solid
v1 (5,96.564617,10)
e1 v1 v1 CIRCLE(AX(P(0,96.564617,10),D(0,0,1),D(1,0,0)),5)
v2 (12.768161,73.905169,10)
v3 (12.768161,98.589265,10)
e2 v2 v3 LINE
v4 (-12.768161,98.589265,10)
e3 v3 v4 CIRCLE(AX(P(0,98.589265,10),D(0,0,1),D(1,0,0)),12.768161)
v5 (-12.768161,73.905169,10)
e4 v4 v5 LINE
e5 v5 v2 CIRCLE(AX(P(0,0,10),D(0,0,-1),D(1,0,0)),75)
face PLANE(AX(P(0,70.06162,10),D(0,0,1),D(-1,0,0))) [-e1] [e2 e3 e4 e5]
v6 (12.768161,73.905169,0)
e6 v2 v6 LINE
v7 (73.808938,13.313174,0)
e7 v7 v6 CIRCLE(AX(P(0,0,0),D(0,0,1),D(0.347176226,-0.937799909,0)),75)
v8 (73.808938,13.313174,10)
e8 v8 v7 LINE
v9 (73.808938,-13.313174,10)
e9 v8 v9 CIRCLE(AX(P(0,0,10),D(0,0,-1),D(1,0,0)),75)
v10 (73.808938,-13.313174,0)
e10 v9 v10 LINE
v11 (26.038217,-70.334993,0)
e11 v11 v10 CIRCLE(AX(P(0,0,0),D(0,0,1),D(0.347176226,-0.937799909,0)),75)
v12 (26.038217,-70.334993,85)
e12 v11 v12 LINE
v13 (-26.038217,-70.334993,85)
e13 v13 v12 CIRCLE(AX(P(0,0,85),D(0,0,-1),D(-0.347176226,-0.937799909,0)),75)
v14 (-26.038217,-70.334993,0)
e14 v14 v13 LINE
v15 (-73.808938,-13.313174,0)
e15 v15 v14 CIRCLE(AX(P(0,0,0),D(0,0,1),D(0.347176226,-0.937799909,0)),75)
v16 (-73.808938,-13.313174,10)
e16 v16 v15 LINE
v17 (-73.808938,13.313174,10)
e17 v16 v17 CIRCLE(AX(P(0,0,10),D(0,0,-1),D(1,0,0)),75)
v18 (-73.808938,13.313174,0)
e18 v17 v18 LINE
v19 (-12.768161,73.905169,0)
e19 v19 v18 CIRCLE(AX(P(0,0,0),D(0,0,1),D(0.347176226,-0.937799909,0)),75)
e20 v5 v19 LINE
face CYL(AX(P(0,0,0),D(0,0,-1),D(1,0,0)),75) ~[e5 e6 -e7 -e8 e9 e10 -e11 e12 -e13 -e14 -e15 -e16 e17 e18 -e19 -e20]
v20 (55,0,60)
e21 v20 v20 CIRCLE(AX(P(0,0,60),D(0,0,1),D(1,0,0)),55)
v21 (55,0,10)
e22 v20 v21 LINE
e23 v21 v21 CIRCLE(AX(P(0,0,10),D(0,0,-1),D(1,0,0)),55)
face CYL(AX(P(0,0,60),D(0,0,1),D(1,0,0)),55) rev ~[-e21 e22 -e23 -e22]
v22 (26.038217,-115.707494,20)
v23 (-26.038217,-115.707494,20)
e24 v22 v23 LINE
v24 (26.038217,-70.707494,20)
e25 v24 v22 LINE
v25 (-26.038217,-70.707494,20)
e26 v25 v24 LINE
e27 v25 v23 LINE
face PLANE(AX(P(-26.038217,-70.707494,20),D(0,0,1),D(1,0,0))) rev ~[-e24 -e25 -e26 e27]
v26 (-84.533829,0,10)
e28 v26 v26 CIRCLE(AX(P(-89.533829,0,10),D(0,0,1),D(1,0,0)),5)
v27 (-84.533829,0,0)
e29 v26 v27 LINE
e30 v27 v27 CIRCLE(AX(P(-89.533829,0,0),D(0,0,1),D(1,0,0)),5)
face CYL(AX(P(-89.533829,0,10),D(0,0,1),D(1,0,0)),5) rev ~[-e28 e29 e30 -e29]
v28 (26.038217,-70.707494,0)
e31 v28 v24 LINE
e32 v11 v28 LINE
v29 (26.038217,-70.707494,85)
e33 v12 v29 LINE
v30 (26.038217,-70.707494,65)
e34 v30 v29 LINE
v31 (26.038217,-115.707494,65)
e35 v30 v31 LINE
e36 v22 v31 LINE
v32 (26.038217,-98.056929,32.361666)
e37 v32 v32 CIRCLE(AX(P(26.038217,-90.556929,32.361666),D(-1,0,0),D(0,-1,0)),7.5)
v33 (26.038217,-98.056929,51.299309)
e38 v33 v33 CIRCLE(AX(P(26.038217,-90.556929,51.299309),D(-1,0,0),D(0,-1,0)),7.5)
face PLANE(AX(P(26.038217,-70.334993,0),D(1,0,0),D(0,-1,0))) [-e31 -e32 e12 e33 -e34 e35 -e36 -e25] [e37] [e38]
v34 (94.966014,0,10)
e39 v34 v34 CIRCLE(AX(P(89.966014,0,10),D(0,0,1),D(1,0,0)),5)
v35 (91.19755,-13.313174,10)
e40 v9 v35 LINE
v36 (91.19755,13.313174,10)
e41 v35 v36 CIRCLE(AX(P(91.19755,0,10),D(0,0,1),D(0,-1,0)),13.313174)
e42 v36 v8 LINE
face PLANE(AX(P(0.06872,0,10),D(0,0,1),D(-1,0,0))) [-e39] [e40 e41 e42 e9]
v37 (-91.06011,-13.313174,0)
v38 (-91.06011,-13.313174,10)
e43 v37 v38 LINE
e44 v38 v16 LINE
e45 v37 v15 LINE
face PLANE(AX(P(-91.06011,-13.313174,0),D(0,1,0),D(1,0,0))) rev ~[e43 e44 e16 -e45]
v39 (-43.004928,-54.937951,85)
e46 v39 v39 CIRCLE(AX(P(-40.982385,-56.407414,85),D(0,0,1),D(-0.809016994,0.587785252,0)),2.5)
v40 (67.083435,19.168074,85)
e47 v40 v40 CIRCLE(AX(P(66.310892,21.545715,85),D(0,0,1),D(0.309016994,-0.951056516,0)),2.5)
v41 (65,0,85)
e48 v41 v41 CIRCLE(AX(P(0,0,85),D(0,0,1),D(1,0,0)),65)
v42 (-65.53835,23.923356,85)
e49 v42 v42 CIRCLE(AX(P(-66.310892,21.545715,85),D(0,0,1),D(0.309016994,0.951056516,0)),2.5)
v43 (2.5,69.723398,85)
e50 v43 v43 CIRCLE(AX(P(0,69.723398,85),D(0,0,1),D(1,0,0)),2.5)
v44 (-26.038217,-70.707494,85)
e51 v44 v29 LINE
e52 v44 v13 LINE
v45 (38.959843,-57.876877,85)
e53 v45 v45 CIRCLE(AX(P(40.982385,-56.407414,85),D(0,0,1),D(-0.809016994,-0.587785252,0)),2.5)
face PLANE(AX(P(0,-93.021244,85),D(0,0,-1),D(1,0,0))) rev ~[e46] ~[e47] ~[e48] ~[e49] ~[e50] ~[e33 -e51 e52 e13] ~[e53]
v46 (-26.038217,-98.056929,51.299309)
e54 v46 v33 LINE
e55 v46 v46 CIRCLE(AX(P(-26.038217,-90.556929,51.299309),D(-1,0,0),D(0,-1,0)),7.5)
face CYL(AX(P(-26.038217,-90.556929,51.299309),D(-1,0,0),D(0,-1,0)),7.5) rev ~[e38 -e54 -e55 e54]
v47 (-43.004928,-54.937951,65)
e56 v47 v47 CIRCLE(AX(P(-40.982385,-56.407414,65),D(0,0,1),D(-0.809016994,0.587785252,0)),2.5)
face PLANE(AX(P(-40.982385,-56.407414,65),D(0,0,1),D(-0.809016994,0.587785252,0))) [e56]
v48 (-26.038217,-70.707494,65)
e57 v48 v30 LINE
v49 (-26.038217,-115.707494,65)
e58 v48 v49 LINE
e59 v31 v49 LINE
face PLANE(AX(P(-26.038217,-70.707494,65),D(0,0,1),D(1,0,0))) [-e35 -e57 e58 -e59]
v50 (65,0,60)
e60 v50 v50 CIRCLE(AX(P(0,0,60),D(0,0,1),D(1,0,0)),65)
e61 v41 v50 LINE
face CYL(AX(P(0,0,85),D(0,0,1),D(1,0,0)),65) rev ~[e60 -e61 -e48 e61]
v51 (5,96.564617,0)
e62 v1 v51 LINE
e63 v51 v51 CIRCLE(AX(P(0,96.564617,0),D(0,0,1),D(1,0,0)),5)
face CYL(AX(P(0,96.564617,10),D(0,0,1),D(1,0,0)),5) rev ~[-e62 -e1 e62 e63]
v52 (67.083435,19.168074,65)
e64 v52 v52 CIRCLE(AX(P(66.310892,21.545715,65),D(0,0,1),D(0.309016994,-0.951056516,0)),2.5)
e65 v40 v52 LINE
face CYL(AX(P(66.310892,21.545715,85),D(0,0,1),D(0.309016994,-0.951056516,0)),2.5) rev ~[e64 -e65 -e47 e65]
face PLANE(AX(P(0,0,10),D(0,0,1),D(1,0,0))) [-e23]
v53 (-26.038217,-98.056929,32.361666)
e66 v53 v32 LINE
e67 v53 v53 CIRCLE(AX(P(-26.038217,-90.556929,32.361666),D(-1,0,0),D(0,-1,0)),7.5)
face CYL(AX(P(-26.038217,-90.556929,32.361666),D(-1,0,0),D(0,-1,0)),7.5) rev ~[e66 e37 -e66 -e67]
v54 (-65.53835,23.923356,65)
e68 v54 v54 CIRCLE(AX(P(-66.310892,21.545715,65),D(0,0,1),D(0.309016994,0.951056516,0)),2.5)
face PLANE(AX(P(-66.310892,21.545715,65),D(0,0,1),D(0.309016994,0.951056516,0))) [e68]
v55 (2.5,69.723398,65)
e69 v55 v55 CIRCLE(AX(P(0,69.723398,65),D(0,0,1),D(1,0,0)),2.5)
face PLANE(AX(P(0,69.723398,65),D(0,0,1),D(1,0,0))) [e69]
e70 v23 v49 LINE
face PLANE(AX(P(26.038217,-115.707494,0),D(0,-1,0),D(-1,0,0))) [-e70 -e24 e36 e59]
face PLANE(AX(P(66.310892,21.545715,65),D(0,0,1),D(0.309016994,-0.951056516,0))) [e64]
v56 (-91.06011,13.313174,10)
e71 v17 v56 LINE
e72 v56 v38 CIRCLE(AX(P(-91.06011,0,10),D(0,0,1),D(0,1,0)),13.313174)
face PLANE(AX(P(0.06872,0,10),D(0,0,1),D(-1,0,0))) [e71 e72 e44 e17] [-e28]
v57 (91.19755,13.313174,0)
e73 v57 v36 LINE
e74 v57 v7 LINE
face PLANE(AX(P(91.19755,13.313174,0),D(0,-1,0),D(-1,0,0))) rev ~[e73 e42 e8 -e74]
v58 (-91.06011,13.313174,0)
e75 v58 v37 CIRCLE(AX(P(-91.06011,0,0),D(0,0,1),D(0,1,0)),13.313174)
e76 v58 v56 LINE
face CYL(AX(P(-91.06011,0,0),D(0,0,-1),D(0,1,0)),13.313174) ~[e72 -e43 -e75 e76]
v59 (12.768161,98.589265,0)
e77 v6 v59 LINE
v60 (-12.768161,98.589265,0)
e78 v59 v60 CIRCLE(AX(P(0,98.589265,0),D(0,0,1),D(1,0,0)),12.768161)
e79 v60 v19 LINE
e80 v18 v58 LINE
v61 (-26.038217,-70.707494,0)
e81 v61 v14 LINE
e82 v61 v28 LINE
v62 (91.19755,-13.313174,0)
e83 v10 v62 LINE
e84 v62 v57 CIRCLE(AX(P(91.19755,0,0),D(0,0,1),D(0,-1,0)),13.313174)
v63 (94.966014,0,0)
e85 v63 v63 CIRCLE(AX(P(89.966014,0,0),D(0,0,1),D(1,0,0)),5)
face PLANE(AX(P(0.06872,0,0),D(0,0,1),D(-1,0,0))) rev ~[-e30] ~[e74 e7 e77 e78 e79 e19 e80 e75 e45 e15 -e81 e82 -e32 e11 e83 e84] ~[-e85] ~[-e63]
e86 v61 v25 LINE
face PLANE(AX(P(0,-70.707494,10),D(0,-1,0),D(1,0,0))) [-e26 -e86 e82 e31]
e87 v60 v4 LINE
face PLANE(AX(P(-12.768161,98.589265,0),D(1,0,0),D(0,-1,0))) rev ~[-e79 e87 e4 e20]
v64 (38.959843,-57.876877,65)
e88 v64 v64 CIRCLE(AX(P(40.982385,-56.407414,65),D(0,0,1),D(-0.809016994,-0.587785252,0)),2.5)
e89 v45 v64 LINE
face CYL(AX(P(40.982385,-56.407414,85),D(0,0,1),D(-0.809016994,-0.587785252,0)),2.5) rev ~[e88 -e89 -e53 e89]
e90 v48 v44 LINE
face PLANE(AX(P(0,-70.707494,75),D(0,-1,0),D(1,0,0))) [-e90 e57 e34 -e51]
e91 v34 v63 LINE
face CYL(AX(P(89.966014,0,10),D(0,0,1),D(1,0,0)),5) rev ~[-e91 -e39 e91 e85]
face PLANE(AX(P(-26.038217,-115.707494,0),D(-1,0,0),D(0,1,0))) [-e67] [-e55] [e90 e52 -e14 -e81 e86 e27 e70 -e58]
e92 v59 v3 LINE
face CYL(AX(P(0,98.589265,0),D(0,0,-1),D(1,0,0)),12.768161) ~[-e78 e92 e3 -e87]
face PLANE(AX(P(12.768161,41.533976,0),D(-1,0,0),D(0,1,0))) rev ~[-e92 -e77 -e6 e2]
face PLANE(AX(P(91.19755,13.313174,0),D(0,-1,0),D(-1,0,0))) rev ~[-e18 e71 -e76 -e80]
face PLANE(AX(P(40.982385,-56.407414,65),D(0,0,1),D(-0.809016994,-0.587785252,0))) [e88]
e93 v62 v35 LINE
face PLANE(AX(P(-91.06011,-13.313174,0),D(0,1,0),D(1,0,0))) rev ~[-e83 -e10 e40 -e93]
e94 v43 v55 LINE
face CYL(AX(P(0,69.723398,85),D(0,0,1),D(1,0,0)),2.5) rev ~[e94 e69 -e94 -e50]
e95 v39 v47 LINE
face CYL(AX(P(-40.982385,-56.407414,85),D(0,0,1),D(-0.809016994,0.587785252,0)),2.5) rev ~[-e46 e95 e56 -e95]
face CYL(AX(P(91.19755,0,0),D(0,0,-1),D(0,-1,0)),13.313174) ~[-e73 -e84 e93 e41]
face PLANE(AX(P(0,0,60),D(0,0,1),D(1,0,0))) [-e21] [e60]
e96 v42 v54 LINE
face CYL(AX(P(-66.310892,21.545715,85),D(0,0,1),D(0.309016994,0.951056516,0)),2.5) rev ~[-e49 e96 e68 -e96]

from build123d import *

# Parameters (mm, degrees)
SKETCH2_R               = 75
BOSS_EXTRUDE1_DEPTH     = 85
SKETCH4_R               = 65
CUT_EXTRUDE2_DEPTH      = 25
SKETCH5_R               = 55
CUT_EXTRUDE3_DEPTH      = 50
SKETCH7_R               = 2.5
CUT_EXTRUDE4_DEPTH      = 20
CIRPATTERN1_COUNT       = 5
BOSS_EXTRUDE2_DEPTH     = 85
CUT_EXTRUDE9_DEPTH      = 222.85434026
CUT_EXTRUDE9_DEPTH_BACK = 45
SKETCH29_W              = 52.076433836
SKETCH29_H              = 20
SKETCH23_R              = 7.5
CUT_EXTRUDE8_DEPTH      = 176.561799548
BOSS_EXTRUDE4_DEPTH     = 10
BOSS_EXTRUDE5_DEPTH     = 10
SKETCH32_R              = 5
CUT_EXTRUDE10_DEPTH     = 10


with BuildPart() as part:
    # Sketch2 → Boss-Extrude1 (new body)
    with BuildSketch(Plane(origin=(0, 0, 0), x_dir=(0, 1, 0), z_dir=(0, 0, 1))):
        with Locations(Location((0, 0, 0), (0, 0, 270))):
            Circle(SKETCH2_R)
    extrude(amount=BOSS_EXTRUDE1_DEPTH)

    # Sketch4 → Cut-Extrude2 (cut)
    with BuildSketch(Plane.XY.offset(85)):
        Circle(SKETCH4_R)
    extrude(amount=-CUT_EXTRUDE2_DEPTH, mode=Mode.SUBTRACT)

    # Sketch5 → Cut-Extrude3 (cut)
    with BuildSketch(Plane.XY.offset(60)):
        Circle(SKETCH5_R)
    extrude(amount=-CUT_EXTRUDE3_DEPTH, mode=Mode.SUBTRACT)

    # Sketch7 → Cut-Extrude4 (cut)
    with BuildSketch(Plane.XY.offset(85)):
        with Locations((0, 69.72339814)):
            Circle(SKETCH7_R)
    cut_extrude4 = extrude(amount=-CUT_EXTRUDE4_DEPTH, mode=Mode.SUBTRACT)

    # CirPattern1: Cut-Extrude4 ×5 about axis
    cirpattern1_axis = Axis((0, 0, 0), (0, 0, 1))
    for i in range(1, CIRPATTERN1_COUNT):
        add(cut_extrude4.rotate(cirpattern1_axis, i * 360 / CIRPATTERN1_COUNT), mode=Mode.SUBTRACT)

    # Sketch15 → Boss-Extrude2 (add)
    with BuildSketch(Plane(origin=(0, 0, 0), x_dir=(1, 0, 0), z_dir=(0, 0, -1))):
        Polygon((0, 70.334993138), (26.038216918, 70.334993138), (26.038216918, 115.707494064), (-26.038216918, 115.707494064), (-26.038216918, 70.334993138), align=None)
    extrude(amount=-BOSS_EXTRUDE2_DEPTH)

    # Sketch29 → Cut-Extrude9 (cut, two sides: drawn at the far end of the back side and taken through both)
    with BuildSketch(Plane.XZ.offset(115.707494064).offset(-CUT_EXTRUDE9_DEPTH_BACK)):
        with Locations((0, 75)):
            Rectangle(SKETCH29_W, SKETCH29_H)
        with Locations((0, 10)):
            Rectangle(SKETCH29_W, SKETCH29_H)
    extrude(amount=CUT_EXTRUDE9_DEPTH + CUT_EXTRUDE9_DEPTH_BACK, mode=Mode.SUBTRACT)

    # Sketch23 → Cut-Extrude8 (cut, through all)
    with BuildSketch(Plane(origin=(-26.038216918, 0, 0), x_dir=(0, -1, 0), z_dir=(-1, 0, 0))):
        with Locations((90.556929386, 51.29930896)):
            Circle(SKETCH23_R)
        with Locations((90.556929386, 32.361665764)):
            Circle(SKETCH23_R)
    extrude(amount=-CUT_EXTRUDE8_DEPTH, mode=Mode.SUBTRACT)

    # Sketch30 → Boss-Extrude4 (add)
    with BuildSketch(Plane(origin=(0, 0, 0), x_dir=(1, 0, 0), z_dir=(0, 0, -1))):
        with BuildLine():
            Line((-91.060110116, 13.313174206), (91.197550371, 13.313174206))
            ThreePointArc((91.197550371, 13.313174206), (104.510724577, 0), (91.197550371, -13.313174206))
            Line((91.197550371, -13.313174206), (-91.060110116, -13.313174206))
            ThreePointArc((-91.060110116, -13.313174206), (-104.373284322, 0), (-91.060110116, 13.313174206))
        make_face()
    extrude(amount=-BOSS_EXTRUDE4_DEPTH)

    # Sketch31 → Boss-Extrude5 (add)
    with BuildSketch(Plane(origin=(0, 0, 0), x_dir=(1, 0, 0), z_dir=(0, 0, -1))):
        with BuildLine():
            Line((12.768161156, -41.533975832), (12.768161156, -98.589265102))
            ThreePointArc((12.768161156, -98.589265102), (0, -111.357426258), (-12.768161156, -98.589265102))
            Line((-12.768161156, -98.589265102), (-12.768161156, -41.533975832))
            ThreePointArc((-12.768161156, -41.533975832), (0, -28.765814675), (12.768161156, -41.533975832))
        make_face()
    extrude(amount=-BOSS_EXTRUDE5_DEPTH)

    # Sketch32 → Cut-Extrude10 (cut)
    with BuildSketch(Plane.XY.offset(10)):
        with Locations((-89.533828586, 0)):
            Circle(SKETCH32_R)
        with Locations((0, 96.564616818)):
            Circle(SKETCH32_R)
        with Locations((89.966014067, 0)):
            Circle(SKETCH32_R)
    extrude(amount=-CUT_EXTRUDE10_DEPTH, mode=Mode.SUBTRACT)


solid = part.part
